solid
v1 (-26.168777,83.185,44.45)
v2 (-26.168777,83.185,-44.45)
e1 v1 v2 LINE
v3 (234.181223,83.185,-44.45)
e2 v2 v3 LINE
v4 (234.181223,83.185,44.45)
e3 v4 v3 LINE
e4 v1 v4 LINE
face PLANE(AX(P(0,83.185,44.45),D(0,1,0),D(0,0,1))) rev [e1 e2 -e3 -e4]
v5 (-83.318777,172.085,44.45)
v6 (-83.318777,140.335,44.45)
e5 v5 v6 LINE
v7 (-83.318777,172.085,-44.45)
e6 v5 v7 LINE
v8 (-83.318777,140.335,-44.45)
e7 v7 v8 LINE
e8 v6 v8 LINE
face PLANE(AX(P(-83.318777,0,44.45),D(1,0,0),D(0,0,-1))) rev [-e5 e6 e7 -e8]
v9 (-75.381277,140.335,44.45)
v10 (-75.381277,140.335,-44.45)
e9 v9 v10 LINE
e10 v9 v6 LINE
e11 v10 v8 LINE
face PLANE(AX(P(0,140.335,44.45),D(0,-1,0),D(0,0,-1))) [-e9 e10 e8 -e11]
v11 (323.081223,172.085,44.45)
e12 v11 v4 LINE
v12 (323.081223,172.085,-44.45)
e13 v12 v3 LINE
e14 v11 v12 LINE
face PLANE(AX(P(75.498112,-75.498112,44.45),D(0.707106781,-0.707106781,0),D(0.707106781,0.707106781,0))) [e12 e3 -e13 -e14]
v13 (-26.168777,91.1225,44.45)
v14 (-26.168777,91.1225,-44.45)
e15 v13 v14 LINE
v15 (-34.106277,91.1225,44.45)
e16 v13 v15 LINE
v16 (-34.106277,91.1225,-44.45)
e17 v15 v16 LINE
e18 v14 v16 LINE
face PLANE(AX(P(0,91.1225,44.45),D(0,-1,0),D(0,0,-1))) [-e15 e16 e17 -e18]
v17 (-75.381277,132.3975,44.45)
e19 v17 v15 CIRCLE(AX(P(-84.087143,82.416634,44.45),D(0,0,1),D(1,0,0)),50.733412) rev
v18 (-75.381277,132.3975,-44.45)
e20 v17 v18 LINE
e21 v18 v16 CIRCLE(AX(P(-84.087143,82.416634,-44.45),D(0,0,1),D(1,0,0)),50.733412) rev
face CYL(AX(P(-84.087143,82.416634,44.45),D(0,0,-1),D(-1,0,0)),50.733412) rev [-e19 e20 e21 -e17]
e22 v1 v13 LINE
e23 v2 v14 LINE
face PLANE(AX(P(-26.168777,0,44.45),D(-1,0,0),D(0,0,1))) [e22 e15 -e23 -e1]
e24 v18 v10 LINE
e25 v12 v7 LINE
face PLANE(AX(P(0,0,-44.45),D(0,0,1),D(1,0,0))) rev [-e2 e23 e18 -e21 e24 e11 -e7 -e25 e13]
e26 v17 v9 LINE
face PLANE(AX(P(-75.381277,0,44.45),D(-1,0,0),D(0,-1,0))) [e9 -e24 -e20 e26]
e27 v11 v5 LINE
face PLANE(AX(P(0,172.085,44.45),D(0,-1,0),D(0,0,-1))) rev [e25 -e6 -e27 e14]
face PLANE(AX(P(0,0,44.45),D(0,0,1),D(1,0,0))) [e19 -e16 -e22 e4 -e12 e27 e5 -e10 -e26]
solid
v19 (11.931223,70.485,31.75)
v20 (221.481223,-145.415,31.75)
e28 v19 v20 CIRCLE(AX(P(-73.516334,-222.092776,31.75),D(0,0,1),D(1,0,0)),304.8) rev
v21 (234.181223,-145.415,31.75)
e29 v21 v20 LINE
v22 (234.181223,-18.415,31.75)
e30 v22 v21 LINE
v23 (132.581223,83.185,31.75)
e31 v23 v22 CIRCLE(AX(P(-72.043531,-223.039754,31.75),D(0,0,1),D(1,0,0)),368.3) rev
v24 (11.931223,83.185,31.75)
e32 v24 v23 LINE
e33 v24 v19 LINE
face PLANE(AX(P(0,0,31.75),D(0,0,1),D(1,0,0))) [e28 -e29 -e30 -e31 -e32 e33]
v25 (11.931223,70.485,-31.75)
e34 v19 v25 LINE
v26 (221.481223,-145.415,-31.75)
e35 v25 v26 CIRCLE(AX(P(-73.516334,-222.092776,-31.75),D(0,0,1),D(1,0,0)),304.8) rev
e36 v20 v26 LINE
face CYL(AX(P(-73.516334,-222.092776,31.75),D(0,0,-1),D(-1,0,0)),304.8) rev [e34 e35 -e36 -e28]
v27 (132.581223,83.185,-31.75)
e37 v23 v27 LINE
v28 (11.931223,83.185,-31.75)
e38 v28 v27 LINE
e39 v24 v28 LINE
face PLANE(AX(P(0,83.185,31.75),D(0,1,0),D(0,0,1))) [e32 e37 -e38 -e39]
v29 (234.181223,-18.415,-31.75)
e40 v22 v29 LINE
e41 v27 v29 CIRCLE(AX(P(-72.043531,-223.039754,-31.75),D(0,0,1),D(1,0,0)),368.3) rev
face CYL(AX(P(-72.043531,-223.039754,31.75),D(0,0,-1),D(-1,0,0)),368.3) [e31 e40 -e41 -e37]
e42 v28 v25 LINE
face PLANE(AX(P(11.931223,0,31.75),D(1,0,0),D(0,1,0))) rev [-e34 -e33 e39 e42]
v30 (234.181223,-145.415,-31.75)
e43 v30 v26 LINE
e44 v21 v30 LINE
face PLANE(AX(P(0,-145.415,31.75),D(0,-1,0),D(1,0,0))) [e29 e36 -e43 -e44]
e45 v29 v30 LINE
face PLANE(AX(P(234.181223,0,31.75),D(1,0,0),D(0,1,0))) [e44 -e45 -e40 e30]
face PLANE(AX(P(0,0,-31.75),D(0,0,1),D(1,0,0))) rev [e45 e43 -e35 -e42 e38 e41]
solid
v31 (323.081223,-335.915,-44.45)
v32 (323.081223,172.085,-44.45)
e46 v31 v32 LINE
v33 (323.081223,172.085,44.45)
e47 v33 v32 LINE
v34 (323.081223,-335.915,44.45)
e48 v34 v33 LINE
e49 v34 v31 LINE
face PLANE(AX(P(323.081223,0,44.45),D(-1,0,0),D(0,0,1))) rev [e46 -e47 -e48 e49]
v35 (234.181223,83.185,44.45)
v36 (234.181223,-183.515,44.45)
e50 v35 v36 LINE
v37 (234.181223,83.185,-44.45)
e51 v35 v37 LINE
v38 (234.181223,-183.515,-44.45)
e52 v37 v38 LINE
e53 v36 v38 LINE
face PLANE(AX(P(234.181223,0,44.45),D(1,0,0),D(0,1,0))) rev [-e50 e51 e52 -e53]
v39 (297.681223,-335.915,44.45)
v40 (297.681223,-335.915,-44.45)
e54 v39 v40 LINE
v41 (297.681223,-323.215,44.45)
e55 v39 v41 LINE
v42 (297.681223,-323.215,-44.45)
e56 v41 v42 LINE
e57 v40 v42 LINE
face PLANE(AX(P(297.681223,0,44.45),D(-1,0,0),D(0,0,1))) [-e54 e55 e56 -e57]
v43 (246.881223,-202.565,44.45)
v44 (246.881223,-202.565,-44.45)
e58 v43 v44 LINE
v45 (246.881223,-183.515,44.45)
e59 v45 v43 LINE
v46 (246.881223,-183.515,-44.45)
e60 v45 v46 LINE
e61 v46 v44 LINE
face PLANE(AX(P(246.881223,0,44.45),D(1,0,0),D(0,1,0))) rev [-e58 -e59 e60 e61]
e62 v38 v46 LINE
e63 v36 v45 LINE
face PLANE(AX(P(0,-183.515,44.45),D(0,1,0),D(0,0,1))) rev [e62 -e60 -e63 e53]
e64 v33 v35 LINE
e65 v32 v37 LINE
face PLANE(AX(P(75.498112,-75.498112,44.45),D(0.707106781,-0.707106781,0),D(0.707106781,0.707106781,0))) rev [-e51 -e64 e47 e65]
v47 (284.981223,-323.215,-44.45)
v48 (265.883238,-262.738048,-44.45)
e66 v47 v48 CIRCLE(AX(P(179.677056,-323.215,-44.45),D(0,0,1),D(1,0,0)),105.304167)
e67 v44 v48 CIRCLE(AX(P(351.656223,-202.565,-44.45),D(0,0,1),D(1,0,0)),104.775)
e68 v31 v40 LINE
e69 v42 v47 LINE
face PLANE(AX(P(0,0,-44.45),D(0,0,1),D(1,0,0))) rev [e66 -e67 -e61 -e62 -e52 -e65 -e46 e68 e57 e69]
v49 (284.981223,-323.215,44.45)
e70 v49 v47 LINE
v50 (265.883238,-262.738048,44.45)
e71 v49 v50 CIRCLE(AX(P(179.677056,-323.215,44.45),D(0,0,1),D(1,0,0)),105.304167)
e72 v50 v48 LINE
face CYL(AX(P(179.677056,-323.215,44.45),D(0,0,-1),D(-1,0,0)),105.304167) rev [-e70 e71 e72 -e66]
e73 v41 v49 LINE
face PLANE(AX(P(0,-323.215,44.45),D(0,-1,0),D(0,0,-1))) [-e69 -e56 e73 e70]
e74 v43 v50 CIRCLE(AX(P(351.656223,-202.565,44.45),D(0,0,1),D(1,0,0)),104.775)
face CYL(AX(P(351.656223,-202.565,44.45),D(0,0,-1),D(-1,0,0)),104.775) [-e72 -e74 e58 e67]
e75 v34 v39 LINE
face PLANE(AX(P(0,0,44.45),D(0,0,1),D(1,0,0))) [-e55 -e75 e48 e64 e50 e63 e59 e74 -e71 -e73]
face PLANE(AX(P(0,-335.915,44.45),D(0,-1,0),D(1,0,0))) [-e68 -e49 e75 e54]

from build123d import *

# Parameters (mm, degrees)
BOSS_EXTRUDE1_DEPTH = 44.45
BOSS_EXTRUDE2_DEPTH = 31.75
BOSS_EXTRUDE3_DEPTH = 44.45


with BuildPart() as part:
    # Sketch1 → Boss-Extrude1 (new body, symmetric)
    with BuildSketch(Plane.XY):
        with BuildLine():
            Line((-75.381276984, 132.3975), (-75.381276984, 140.335))
            Line((-75.381276984, 140.335), (-83.318776984, 140.335))
            Line((-83.318776984, 140.335), (-83.318776984, 172.085))
            Line((-83.318776984, 172.085), (323.081223016, 172.085))
            Line((323.081223016, 172.085), (234.181223016, 83.185))
            Line((234.181223016, 83.185), (-26.168776984, 83.185))
            Line((-26.168776984, 83.185), (-26.168776984, 91.1225))
            Line((-26.168776984, 91.1225), (-34.106276984, 91.1225))
            ThreePointArc((-34.106276984, 91.1225), (-48.213203493, 118.290573491), (-75.381276984, 132.3975))
        make_face()
    extrude(amount=BOSS_EXTRUDE1_DEPTH, both=True)


with BuildPart() as body_2:
    # Sketch1_3 → Boss-Extrude2 (new body, symmetric)
    with BuildSketch(Plane.XY):
        with BuildLine():
            ThreePointArc((234.181223016, -18.415), (188.38389644, 37.387673425), (132.581223016, 83.185))
            Line((132.581223016, 83.185), (11.931223016, 83.185))
            Line((11.931223016, 83.185), (11.931223016, 70.485))
            ThreePointArc((11.931223016, 70.485), (145.202260763, -9.80708101), (221.481223016, -145.415))
            Line((221.481223016, -145.415), (234.181223016, -145.415))
            Line((234.181223016, -145.415), (234.181223016, -18.415))
        make_face()
    extrude(amount=BOSS_EXTRUDE2_DEPTH, both=True)


with BuildPart() as body_3:
    # Sketch1_4 → Boss-Extrude3 (new body, symmetric)
    with BuildSketch(Plane.XY):
        with BuildLine():
            Line((323.081223016, -335.915), (323.081223016, 172.085))
            Line((323.081223016, 172.085), (234.181223016, 83.185))
            Line((234.181223016, 83.185), (234.181223016, -183.515))
            Line((234.181223016, -183.515), (246.881223016, -183.515))
            Line((246.881223016, -183.515), (246.881223016, -202.565))
            ThreePointArc((246.881223016, -202.565), (251.744599276, -234.116039076), (265.883238129, -262.738047859))
            ThreePointArc((265.883238129, -262.738047859), (280.093284249, -291.504612242), (284.981223016, -323.215))
            Line((284.981223016, -323.215), (297.681223016, -323.215))
            Line((297.681223016, -323.215), (297.681223016, -335.915))
            Line((297.681223016, -335.915), (323.081223016, -335.915))
        make_face()
    extrude(amount=BOSS_EXTRUDE3_DEPTH, both=True)


solid = Compound([part.part, body_2.part, body_3.part])
